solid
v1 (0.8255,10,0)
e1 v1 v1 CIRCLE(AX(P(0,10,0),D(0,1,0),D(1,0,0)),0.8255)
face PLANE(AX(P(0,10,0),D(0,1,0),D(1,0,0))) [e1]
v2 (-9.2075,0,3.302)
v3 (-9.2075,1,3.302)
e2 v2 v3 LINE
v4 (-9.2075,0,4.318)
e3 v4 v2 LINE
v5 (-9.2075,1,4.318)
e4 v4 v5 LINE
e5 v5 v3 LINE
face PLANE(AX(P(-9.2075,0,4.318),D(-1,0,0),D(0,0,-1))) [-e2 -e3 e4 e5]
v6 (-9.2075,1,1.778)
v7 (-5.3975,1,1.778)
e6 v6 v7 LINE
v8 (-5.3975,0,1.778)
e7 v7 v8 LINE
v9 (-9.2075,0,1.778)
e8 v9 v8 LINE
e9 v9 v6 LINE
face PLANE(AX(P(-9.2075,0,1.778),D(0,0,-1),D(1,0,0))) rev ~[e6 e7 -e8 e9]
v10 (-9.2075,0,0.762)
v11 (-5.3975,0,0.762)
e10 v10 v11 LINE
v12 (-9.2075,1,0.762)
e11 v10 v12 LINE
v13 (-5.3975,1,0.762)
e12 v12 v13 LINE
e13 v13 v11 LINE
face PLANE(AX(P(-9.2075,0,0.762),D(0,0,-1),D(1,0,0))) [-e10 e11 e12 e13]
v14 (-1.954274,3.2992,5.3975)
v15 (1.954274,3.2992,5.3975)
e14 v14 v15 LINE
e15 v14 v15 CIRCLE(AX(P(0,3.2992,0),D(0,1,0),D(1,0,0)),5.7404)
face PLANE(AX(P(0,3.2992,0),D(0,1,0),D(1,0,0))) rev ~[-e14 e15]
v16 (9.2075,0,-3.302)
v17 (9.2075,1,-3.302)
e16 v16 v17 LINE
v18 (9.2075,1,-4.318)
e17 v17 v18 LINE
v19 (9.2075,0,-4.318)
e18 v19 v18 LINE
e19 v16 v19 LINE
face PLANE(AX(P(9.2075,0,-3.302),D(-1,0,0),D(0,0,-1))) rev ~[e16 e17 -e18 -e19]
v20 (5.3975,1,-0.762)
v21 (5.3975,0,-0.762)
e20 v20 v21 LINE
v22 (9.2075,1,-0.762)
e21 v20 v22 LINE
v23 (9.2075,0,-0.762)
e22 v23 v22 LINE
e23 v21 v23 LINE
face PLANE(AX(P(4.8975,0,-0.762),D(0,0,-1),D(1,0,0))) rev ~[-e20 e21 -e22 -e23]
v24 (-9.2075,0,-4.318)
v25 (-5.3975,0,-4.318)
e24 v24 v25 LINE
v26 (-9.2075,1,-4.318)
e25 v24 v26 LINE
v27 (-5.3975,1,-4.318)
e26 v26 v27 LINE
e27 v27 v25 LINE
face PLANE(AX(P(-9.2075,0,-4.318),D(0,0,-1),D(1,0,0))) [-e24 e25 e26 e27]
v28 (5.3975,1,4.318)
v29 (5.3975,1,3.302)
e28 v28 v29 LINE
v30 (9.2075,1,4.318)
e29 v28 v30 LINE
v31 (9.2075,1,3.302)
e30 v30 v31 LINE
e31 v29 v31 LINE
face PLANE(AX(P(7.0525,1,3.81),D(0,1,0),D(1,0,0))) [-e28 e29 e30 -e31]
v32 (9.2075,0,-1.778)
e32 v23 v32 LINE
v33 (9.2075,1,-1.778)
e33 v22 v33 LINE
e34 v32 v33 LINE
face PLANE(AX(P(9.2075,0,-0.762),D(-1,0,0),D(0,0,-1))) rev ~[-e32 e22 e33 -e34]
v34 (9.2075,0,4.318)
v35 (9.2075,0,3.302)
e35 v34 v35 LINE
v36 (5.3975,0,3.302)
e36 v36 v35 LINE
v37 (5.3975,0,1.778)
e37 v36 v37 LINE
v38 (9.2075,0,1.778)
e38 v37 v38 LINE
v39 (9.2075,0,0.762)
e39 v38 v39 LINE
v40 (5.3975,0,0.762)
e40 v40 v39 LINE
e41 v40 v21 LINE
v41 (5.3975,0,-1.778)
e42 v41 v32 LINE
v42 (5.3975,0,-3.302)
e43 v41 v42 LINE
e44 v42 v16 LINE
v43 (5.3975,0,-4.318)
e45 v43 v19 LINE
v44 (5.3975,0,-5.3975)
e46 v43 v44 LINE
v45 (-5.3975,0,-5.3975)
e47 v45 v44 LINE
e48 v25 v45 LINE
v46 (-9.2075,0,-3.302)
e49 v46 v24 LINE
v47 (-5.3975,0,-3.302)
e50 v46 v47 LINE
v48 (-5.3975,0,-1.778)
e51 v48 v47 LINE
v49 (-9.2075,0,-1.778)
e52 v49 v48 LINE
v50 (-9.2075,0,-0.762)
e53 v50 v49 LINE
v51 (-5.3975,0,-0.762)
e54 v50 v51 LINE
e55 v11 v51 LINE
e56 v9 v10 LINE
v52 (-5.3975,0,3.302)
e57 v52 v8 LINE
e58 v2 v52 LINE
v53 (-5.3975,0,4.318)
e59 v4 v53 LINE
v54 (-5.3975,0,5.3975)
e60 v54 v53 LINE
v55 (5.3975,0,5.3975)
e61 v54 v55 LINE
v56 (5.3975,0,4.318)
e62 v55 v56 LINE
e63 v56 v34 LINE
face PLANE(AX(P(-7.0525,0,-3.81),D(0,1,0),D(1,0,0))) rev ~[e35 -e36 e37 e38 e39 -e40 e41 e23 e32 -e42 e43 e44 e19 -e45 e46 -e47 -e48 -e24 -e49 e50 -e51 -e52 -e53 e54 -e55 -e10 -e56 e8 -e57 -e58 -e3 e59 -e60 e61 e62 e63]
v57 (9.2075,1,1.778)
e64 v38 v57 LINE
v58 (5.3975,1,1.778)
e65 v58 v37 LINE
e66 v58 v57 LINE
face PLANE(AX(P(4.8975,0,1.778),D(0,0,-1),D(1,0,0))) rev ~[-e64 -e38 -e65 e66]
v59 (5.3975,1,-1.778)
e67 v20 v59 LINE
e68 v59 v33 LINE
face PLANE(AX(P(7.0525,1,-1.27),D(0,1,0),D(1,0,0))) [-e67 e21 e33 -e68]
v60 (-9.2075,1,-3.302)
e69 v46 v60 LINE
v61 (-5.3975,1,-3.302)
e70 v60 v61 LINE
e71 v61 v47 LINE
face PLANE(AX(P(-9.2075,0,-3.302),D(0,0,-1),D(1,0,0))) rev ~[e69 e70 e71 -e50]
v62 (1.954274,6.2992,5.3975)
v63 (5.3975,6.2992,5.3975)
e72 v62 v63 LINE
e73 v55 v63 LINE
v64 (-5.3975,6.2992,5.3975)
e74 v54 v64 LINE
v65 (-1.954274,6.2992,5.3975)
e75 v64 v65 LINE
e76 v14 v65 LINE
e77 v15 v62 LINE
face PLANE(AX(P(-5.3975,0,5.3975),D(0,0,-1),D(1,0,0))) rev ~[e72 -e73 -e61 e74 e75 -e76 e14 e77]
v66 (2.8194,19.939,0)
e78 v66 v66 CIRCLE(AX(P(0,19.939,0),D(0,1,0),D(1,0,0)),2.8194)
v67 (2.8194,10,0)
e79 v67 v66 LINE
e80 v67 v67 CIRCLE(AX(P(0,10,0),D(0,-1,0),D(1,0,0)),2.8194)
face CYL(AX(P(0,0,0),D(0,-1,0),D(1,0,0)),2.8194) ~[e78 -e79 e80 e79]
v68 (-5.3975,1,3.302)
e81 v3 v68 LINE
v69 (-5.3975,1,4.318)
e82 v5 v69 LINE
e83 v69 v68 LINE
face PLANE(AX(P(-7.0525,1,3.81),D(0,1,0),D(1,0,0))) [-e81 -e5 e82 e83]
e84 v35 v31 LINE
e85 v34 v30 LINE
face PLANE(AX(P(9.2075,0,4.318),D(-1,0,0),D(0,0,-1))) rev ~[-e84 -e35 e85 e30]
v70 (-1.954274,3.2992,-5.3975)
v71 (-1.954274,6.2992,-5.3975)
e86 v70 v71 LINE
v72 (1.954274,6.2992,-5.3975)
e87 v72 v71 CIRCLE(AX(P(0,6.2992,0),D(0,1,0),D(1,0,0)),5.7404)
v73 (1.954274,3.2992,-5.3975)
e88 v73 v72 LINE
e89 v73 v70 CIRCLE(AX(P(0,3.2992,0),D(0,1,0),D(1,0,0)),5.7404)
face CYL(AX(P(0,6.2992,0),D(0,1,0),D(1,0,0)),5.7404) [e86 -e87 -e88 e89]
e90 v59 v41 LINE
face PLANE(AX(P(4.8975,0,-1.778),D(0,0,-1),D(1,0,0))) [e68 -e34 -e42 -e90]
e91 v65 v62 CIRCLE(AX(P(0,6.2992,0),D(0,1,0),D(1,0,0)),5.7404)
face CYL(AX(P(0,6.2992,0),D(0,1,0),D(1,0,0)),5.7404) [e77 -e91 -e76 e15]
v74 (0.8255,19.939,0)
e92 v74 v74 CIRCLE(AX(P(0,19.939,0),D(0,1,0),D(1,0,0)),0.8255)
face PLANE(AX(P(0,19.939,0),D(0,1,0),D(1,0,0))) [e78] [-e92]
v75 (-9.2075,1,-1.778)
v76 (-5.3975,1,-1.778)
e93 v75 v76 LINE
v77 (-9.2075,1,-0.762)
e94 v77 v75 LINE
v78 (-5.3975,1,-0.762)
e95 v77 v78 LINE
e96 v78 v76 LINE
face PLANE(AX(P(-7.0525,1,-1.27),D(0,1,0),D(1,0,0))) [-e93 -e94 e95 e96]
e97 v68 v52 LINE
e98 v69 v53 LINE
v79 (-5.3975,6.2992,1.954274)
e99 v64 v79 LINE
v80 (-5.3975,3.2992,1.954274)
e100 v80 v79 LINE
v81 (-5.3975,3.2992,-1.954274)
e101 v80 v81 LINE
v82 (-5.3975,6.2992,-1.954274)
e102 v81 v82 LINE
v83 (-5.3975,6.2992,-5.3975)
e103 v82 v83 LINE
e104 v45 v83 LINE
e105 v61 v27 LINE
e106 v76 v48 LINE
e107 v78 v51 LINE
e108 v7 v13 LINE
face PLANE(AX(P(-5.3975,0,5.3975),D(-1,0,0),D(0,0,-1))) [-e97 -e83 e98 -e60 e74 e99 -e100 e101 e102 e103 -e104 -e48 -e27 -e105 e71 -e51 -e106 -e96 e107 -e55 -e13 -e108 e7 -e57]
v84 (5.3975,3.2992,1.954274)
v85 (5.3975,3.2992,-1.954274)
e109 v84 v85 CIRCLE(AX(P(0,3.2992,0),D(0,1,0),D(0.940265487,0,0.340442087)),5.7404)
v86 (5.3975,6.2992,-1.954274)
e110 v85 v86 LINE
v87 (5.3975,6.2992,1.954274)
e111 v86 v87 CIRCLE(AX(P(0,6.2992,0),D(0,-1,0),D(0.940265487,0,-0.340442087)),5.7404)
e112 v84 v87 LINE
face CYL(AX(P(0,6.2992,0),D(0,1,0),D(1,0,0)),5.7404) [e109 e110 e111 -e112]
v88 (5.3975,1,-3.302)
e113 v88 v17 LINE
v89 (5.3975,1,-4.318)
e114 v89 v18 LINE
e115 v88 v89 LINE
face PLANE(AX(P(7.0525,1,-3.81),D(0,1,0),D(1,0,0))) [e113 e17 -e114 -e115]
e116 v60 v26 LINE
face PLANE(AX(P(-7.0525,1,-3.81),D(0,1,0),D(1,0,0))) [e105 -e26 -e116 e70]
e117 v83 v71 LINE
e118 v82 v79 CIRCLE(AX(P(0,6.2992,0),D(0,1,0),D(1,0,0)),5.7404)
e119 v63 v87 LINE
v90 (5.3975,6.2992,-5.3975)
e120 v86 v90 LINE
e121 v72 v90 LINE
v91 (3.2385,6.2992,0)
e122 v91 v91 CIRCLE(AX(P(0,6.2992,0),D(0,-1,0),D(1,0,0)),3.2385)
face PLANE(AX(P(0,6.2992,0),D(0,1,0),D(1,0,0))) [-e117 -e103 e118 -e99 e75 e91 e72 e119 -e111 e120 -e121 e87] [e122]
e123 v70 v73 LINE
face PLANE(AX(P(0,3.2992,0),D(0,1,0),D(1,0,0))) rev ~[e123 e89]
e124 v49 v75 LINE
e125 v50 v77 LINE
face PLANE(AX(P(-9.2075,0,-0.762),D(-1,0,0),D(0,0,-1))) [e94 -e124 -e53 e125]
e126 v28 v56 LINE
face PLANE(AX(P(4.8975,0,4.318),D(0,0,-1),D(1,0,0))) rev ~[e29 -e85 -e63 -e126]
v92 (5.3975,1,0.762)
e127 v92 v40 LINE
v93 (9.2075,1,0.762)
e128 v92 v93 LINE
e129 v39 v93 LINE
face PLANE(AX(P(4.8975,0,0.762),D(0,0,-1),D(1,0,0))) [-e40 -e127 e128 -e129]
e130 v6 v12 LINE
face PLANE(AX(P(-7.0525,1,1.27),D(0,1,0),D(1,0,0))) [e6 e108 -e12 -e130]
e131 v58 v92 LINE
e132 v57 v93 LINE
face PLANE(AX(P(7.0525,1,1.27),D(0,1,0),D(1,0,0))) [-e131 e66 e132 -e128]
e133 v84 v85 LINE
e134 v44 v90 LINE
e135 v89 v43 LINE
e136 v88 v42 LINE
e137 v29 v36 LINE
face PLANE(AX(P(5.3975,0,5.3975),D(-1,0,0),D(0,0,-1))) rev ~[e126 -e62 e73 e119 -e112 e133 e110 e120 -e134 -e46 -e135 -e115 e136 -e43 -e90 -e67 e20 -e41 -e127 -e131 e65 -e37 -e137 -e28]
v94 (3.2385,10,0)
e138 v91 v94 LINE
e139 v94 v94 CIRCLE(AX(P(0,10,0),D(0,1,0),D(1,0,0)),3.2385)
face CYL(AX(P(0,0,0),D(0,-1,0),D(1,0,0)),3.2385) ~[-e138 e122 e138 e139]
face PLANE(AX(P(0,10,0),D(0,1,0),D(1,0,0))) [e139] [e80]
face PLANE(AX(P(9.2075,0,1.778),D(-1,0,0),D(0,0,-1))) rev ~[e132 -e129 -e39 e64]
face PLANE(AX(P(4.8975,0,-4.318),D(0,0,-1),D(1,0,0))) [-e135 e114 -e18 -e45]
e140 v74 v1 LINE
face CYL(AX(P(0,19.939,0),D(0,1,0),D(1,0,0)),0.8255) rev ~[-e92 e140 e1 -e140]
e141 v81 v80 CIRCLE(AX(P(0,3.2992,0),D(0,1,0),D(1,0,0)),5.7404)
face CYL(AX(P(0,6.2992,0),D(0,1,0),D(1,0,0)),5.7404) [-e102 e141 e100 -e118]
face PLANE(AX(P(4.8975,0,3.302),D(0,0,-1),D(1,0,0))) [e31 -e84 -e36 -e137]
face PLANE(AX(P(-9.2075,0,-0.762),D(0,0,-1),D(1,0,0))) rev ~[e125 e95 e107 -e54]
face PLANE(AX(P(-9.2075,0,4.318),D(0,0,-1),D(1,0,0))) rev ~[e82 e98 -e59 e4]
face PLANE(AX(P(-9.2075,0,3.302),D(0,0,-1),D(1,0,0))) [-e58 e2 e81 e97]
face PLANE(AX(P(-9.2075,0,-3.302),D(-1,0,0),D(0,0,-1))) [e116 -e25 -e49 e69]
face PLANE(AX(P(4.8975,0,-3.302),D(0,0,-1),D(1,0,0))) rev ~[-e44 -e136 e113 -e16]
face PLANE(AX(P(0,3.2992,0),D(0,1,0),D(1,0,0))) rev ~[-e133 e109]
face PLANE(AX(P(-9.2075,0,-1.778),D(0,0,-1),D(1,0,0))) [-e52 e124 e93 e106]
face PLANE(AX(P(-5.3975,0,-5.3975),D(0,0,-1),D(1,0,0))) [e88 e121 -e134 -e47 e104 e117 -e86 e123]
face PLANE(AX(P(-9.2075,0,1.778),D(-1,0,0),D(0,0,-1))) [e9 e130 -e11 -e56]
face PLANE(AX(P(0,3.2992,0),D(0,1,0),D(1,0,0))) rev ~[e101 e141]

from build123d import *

# Parameters (mm, degrees)
SKETCH1_W           = 10.795
SKETCH1_H           = 10.795
BOSS_EXTRUDE1_DEPTH = 6.2992
SKETCH3_R           = 5.7404
BOSS_EXTRUDE2_DEPTH = 3
SKETCH4_R           = 2.8194
BOSS_EXTRUDE3_DEPTH = 19.939
SKETCH5_R           = 0.8255
CUT_EXTRUDE1_DEPTH  = 15
SKETCH7_R           = 3.2385
BOSS_EXTRUDE4_DEPTH = 10
SKETCH8_W           = 4.31
SKETCH8_H           = 1.016
BOSS_EXTRUDE5_DEPTH = 1


with BuildPart() as part:
    # Sketch1 → Boss-Extrude1 (new body)
    with BuildSketch(Plane(origin=(0, 0, 0), x_dir=(1, 0, 0), z_dir=(0, 1, 0))):
        Rectangle(SKETCH1_W, SKETCH1_H)
    extrude(amount=BOSS_EXTRUDE1_DEPTH)

    # Sketch3 → Boss-Extrude2 (add)
    with BuildSketch(Plane(origin=(0, 6.2992, 0), x_dir=(1, 0, 0), z_dir=(0, 1, 0))):
        Circle(SKETCH3_R)
    extrude(amount=-BOSS_EXTRUDE2_DEPTH)

    # Sketch4 → Boss-Extrude3 (add)
    with BuildSketch(Plane(origin=(0, 0, 0), x_dir=(1, 0, 0), z_dir=(0, 1, 0))):
        Circle(SKETCH4_R)
    extrude(amount=BOSS_EXTRUDE3_DEPTH)

    # Sketch5 → Cut-Extrude1 (cut)
    with BuildSketch(Plane(origin=(0, 19.939, 0), x_dir=(1, 0, 0), z_dir=(0, 1, 0))):
        Circle(SKETCH5_R)
    extrude(amount=-CUT_EXTRUDE1_DEPTH, mode=Mode.SUBTRACT)

    # Sketch7 → Boss-Extrude4 (add)
    with BuildSketch(Plane(origin=(0, 0, 0), x_dir=(1, 0, 0), z_dir=(0, 1, 0))):
        Circle(SKETCH7_R)
    extrude(amount=BOSS_EXTRUDE4_DEPTH)

    # Sketch8 → Boss-Extrude5 (add)
    with BuildSketch(Plane(origin=(0, 0, 0), x_dir=(1, 0, 0), z_dir=(0, 1, 0))):
        with Locations((-7.0525, 3.81)):
            Rectangle(SKETCH8_W, SKETCH8_H)
        with Locations((-7.0525, 1.27)):
            Rectangle(SKETCH8_W, SKETCH8_H)
        with Locations((-7.0525, -1.27)):
            Rectangle(SKETCH8_W, SKETCH8_H)
        with Locations((-7.0525, -3.81)):
            Rectangle(SKETCH8_W, SKETCH8_H)
        with Locations((7.0525, -3.81)):
            Rectangle(SKETCH8_W, SKETCH8_H)
        with Locations((7.0525, -1.27)):
            Rectangle(SKETCH8_W, SKETCH8_H)
        with Locations((7.0525, 1.27)):
            Rectangle(SKETCH8_W, SKETCH8_H)
        with Locations((7.0525, 3.81)):
            Rectangle(SKETCH8_W, SKETCH8_H)
    extrude(amount=BOSS_EXTRUDE5_DEPTH)


solid = part.part
